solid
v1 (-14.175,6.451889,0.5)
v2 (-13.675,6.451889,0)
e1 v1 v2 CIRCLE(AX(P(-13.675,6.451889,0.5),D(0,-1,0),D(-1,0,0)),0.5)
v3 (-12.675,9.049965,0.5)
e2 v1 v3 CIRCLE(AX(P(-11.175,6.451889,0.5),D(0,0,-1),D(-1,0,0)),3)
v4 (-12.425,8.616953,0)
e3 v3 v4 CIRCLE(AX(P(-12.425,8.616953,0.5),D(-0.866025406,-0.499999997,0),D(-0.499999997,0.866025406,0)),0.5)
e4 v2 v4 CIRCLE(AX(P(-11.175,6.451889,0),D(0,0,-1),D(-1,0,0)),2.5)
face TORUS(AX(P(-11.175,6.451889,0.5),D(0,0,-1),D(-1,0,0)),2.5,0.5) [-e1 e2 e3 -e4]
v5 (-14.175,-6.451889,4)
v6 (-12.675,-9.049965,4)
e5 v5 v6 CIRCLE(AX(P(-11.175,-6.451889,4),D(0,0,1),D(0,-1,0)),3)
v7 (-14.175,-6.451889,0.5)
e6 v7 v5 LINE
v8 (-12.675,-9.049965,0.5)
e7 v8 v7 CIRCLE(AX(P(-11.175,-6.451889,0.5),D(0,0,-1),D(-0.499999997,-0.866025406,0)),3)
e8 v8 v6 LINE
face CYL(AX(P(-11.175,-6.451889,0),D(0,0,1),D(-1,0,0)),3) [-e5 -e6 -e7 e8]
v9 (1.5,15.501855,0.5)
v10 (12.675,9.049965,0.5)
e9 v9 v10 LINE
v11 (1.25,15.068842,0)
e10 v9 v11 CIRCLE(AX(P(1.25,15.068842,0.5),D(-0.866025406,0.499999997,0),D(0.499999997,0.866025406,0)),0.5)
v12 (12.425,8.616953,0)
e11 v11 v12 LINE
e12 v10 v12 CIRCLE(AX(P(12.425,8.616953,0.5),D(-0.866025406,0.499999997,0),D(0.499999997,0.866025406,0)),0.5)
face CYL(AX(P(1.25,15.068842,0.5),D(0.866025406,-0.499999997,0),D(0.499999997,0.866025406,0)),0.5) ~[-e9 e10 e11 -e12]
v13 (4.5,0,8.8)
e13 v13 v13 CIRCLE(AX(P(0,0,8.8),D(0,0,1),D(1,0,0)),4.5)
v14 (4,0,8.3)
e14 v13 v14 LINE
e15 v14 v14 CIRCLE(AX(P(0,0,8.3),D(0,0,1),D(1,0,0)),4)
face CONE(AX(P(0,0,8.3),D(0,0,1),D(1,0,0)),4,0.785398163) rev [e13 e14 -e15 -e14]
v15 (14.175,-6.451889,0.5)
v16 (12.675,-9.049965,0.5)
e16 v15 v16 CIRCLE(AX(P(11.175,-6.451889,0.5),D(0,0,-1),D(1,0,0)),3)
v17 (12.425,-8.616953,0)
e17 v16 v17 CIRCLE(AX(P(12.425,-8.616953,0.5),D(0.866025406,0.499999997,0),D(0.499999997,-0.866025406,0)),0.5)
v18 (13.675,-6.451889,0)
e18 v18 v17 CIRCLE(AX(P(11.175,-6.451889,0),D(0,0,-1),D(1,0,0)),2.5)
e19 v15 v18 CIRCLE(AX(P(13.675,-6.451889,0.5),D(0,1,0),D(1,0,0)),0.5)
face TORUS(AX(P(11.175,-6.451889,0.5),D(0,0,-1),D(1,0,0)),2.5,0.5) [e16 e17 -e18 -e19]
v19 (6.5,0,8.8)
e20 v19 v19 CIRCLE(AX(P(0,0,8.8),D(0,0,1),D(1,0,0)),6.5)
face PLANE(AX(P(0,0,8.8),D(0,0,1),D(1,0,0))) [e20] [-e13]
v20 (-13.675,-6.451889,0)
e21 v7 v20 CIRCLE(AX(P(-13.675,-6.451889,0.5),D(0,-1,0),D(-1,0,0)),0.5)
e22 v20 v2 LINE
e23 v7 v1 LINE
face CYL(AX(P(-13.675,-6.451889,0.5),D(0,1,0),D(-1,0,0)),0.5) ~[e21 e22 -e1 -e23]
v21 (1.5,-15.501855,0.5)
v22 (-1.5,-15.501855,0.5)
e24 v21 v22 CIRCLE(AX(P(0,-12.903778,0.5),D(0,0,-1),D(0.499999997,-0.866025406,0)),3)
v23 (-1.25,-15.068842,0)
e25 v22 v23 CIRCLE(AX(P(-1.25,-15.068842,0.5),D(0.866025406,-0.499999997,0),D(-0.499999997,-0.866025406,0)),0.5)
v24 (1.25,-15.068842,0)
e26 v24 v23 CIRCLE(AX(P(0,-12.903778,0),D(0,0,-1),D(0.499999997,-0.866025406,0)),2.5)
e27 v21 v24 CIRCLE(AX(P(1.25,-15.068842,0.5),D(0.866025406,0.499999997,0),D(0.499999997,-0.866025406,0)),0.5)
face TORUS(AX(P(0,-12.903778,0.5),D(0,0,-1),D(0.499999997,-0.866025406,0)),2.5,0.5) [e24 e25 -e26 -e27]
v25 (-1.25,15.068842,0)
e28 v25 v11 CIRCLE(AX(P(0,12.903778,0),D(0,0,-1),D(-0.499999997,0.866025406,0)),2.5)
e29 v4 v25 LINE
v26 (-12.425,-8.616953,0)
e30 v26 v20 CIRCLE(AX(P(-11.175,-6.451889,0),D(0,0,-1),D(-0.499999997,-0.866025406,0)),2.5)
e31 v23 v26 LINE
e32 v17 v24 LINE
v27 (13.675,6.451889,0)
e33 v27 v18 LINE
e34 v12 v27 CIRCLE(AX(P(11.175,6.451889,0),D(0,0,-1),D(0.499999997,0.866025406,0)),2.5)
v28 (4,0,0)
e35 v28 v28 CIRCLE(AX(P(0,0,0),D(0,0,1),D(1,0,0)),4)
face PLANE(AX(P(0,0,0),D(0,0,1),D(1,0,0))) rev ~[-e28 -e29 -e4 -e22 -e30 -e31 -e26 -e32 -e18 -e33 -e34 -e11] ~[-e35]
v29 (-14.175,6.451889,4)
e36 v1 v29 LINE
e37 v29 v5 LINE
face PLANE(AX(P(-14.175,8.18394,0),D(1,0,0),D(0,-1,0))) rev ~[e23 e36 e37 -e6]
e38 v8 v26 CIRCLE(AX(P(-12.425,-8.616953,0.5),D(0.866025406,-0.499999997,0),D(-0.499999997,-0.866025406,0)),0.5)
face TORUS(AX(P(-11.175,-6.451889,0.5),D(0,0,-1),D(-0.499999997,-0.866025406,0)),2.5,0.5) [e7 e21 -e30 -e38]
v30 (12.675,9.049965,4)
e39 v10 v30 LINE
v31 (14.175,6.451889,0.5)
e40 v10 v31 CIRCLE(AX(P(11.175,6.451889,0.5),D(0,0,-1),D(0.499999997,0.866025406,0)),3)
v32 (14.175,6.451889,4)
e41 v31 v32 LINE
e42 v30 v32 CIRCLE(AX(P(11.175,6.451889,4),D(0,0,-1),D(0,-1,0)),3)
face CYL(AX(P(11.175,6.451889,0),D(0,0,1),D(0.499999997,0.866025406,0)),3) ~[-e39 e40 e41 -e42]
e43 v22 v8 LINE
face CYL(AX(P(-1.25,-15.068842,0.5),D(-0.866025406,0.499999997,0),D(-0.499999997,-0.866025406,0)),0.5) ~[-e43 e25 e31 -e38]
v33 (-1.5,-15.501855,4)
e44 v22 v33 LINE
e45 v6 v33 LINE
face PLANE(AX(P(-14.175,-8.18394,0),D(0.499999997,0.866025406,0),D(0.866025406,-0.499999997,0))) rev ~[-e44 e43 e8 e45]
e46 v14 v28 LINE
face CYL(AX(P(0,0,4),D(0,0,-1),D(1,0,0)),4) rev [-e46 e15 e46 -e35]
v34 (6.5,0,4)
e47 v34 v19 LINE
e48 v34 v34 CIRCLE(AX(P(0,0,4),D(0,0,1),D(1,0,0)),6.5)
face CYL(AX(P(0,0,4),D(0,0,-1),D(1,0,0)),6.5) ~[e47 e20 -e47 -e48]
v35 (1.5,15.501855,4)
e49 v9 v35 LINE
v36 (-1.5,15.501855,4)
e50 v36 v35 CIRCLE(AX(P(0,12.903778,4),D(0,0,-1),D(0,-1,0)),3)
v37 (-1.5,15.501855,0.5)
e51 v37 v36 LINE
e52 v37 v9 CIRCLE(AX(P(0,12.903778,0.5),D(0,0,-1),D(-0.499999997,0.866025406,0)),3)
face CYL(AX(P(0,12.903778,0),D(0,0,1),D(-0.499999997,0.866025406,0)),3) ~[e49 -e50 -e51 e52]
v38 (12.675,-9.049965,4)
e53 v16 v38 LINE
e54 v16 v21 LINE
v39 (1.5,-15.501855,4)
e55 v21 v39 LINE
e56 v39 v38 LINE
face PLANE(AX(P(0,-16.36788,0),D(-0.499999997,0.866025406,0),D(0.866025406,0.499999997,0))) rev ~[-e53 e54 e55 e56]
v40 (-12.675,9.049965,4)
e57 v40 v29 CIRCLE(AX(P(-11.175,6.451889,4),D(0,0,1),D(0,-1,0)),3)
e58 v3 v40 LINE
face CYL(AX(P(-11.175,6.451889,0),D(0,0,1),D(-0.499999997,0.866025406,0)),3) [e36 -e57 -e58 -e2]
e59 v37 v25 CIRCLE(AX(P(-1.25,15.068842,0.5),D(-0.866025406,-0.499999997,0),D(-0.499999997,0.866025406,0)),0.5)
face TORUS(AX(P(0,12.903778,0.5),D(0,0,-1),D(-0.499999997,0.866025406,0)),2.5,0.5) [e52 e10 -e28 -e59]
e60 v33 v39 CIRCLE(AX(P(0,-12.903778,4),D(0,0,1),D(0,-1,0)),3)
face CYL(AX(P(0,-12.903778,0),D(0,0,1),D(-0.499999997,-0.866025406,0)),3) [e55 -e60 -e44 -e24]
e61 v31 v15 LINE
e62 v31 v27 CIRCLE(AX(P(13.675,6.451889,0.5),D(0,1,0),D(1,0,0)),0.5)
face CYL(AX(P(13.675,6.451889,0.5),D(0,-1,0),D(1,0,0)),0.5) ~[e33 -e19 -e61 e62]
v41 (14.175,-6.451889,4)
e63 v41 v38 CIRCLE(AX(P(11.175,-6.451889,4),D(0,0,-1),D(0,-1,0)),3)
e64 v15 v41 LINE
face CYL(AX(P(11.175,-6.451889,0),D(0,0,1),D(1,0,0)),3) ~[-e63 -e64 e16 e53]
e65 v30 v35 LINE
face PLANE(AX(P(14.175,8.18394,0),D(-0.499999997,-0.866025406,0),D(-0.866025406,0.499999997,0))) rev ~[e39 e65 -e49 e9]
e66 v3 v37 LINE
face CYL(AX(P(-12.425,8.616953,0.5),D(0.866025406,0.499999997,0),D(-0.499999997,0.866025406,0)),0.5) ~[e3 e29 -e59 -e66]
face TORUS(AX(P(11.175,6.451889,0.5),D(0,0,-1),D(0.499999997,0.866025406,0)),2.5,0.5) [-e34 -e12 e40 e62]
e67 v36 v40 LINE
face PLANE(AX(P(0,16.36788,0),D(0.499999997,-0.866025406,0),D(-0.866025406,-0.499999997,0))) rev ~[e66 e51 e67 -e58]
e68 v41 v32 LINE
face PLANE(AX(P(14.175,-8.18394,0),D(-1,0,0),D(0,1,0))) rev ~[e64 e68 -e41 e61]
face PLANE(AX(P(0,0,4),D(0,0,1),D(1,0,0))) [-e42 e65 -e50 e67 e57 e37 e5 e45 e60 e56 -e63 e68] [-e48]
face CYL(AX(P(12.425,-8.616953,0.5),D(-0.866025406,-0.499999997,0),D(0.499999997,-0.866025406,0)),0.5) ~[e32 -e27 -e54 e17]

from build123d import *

# Parameters (mm, degrees)
SKETCH_R      = 4
PAD_DEPTH     = 4
SKETCH001_R   = 6.5
SKETCH001_R_2 = 4
PAD001_DEPTH  = 4.8
CHAMFER_SIZE  = 0.5
FILLET_R      = 3
FILLET001_R   = 0.5


with BuildPart() as part:
    # Sketch → Pad (new body)
    with BuildSketch(Plane.XY):
        Polygon((0, 16.36788), (-14.175, 8.18394), (-14.175, -8.18394), (0, -16.36788), (14.175, -8.18394), (14.175, 8.18394), align=None)
        Circle(SKETCH_R, mode=Mode.SUBTRACT)
    extrude(amount=PAD_DEPTH)

    # Sketch001 (on Face9 of Pad) → Pad001 (join)
    with BuildSketch(Plane.XY.offset(4)):
        Circle(SKETCH001_R)
        Circle(SKETCH001_R_2, mode=Mode.SUBTRACT)
    extrude(amount=PAD001_DEPTH)

    # Chamfer
    chamfer_edges = [part.edges().sort_by_distance(p)[0] for p in [
        (-4, 0, 8.8),
    ]]
    chamfer(chamfer_edges, length=CHAMFER_SIZE)

    # Fillet
    fillet_edges = [part.edges().sort_by_distance(p)[0] for p in [
        (0, -16.36788, 2),
        (14.175, -8.18394, 2),
        (14.175, 8.18394, 2),
        (-14.175, -8.18394, 2),
        (-14.175, 8.18394, 2),
        (0, 16.36788, 2),
    ]]
    fillet(fillet_edges, radius=FILLET_R)

    # Fillet001
    fillet001_edges = [part.edges().sort_by_distance(p)[0] for p in [
        (13.773076, -7.951889, 0),
        (7.0875, -12.27591, 0),
        (-7.0875, -12.27591, 0),
        (-13.773076, -7.951889, 0),
        (-14.175, 0, 0),
        (-13.773076, 7.951889, 0),
        (-7.0875, 12.27591, 0),
        (0, 15.903779, 0),
        (7.0875, 12.27591, 0),
        (13.773076, 7.951889, 0),
        (14.175, 0, 0),
        (0, -15.903779, 0),
    ]]
    fillet(fillet001_edges, radius=FILLET001_R)


solid = part.part
